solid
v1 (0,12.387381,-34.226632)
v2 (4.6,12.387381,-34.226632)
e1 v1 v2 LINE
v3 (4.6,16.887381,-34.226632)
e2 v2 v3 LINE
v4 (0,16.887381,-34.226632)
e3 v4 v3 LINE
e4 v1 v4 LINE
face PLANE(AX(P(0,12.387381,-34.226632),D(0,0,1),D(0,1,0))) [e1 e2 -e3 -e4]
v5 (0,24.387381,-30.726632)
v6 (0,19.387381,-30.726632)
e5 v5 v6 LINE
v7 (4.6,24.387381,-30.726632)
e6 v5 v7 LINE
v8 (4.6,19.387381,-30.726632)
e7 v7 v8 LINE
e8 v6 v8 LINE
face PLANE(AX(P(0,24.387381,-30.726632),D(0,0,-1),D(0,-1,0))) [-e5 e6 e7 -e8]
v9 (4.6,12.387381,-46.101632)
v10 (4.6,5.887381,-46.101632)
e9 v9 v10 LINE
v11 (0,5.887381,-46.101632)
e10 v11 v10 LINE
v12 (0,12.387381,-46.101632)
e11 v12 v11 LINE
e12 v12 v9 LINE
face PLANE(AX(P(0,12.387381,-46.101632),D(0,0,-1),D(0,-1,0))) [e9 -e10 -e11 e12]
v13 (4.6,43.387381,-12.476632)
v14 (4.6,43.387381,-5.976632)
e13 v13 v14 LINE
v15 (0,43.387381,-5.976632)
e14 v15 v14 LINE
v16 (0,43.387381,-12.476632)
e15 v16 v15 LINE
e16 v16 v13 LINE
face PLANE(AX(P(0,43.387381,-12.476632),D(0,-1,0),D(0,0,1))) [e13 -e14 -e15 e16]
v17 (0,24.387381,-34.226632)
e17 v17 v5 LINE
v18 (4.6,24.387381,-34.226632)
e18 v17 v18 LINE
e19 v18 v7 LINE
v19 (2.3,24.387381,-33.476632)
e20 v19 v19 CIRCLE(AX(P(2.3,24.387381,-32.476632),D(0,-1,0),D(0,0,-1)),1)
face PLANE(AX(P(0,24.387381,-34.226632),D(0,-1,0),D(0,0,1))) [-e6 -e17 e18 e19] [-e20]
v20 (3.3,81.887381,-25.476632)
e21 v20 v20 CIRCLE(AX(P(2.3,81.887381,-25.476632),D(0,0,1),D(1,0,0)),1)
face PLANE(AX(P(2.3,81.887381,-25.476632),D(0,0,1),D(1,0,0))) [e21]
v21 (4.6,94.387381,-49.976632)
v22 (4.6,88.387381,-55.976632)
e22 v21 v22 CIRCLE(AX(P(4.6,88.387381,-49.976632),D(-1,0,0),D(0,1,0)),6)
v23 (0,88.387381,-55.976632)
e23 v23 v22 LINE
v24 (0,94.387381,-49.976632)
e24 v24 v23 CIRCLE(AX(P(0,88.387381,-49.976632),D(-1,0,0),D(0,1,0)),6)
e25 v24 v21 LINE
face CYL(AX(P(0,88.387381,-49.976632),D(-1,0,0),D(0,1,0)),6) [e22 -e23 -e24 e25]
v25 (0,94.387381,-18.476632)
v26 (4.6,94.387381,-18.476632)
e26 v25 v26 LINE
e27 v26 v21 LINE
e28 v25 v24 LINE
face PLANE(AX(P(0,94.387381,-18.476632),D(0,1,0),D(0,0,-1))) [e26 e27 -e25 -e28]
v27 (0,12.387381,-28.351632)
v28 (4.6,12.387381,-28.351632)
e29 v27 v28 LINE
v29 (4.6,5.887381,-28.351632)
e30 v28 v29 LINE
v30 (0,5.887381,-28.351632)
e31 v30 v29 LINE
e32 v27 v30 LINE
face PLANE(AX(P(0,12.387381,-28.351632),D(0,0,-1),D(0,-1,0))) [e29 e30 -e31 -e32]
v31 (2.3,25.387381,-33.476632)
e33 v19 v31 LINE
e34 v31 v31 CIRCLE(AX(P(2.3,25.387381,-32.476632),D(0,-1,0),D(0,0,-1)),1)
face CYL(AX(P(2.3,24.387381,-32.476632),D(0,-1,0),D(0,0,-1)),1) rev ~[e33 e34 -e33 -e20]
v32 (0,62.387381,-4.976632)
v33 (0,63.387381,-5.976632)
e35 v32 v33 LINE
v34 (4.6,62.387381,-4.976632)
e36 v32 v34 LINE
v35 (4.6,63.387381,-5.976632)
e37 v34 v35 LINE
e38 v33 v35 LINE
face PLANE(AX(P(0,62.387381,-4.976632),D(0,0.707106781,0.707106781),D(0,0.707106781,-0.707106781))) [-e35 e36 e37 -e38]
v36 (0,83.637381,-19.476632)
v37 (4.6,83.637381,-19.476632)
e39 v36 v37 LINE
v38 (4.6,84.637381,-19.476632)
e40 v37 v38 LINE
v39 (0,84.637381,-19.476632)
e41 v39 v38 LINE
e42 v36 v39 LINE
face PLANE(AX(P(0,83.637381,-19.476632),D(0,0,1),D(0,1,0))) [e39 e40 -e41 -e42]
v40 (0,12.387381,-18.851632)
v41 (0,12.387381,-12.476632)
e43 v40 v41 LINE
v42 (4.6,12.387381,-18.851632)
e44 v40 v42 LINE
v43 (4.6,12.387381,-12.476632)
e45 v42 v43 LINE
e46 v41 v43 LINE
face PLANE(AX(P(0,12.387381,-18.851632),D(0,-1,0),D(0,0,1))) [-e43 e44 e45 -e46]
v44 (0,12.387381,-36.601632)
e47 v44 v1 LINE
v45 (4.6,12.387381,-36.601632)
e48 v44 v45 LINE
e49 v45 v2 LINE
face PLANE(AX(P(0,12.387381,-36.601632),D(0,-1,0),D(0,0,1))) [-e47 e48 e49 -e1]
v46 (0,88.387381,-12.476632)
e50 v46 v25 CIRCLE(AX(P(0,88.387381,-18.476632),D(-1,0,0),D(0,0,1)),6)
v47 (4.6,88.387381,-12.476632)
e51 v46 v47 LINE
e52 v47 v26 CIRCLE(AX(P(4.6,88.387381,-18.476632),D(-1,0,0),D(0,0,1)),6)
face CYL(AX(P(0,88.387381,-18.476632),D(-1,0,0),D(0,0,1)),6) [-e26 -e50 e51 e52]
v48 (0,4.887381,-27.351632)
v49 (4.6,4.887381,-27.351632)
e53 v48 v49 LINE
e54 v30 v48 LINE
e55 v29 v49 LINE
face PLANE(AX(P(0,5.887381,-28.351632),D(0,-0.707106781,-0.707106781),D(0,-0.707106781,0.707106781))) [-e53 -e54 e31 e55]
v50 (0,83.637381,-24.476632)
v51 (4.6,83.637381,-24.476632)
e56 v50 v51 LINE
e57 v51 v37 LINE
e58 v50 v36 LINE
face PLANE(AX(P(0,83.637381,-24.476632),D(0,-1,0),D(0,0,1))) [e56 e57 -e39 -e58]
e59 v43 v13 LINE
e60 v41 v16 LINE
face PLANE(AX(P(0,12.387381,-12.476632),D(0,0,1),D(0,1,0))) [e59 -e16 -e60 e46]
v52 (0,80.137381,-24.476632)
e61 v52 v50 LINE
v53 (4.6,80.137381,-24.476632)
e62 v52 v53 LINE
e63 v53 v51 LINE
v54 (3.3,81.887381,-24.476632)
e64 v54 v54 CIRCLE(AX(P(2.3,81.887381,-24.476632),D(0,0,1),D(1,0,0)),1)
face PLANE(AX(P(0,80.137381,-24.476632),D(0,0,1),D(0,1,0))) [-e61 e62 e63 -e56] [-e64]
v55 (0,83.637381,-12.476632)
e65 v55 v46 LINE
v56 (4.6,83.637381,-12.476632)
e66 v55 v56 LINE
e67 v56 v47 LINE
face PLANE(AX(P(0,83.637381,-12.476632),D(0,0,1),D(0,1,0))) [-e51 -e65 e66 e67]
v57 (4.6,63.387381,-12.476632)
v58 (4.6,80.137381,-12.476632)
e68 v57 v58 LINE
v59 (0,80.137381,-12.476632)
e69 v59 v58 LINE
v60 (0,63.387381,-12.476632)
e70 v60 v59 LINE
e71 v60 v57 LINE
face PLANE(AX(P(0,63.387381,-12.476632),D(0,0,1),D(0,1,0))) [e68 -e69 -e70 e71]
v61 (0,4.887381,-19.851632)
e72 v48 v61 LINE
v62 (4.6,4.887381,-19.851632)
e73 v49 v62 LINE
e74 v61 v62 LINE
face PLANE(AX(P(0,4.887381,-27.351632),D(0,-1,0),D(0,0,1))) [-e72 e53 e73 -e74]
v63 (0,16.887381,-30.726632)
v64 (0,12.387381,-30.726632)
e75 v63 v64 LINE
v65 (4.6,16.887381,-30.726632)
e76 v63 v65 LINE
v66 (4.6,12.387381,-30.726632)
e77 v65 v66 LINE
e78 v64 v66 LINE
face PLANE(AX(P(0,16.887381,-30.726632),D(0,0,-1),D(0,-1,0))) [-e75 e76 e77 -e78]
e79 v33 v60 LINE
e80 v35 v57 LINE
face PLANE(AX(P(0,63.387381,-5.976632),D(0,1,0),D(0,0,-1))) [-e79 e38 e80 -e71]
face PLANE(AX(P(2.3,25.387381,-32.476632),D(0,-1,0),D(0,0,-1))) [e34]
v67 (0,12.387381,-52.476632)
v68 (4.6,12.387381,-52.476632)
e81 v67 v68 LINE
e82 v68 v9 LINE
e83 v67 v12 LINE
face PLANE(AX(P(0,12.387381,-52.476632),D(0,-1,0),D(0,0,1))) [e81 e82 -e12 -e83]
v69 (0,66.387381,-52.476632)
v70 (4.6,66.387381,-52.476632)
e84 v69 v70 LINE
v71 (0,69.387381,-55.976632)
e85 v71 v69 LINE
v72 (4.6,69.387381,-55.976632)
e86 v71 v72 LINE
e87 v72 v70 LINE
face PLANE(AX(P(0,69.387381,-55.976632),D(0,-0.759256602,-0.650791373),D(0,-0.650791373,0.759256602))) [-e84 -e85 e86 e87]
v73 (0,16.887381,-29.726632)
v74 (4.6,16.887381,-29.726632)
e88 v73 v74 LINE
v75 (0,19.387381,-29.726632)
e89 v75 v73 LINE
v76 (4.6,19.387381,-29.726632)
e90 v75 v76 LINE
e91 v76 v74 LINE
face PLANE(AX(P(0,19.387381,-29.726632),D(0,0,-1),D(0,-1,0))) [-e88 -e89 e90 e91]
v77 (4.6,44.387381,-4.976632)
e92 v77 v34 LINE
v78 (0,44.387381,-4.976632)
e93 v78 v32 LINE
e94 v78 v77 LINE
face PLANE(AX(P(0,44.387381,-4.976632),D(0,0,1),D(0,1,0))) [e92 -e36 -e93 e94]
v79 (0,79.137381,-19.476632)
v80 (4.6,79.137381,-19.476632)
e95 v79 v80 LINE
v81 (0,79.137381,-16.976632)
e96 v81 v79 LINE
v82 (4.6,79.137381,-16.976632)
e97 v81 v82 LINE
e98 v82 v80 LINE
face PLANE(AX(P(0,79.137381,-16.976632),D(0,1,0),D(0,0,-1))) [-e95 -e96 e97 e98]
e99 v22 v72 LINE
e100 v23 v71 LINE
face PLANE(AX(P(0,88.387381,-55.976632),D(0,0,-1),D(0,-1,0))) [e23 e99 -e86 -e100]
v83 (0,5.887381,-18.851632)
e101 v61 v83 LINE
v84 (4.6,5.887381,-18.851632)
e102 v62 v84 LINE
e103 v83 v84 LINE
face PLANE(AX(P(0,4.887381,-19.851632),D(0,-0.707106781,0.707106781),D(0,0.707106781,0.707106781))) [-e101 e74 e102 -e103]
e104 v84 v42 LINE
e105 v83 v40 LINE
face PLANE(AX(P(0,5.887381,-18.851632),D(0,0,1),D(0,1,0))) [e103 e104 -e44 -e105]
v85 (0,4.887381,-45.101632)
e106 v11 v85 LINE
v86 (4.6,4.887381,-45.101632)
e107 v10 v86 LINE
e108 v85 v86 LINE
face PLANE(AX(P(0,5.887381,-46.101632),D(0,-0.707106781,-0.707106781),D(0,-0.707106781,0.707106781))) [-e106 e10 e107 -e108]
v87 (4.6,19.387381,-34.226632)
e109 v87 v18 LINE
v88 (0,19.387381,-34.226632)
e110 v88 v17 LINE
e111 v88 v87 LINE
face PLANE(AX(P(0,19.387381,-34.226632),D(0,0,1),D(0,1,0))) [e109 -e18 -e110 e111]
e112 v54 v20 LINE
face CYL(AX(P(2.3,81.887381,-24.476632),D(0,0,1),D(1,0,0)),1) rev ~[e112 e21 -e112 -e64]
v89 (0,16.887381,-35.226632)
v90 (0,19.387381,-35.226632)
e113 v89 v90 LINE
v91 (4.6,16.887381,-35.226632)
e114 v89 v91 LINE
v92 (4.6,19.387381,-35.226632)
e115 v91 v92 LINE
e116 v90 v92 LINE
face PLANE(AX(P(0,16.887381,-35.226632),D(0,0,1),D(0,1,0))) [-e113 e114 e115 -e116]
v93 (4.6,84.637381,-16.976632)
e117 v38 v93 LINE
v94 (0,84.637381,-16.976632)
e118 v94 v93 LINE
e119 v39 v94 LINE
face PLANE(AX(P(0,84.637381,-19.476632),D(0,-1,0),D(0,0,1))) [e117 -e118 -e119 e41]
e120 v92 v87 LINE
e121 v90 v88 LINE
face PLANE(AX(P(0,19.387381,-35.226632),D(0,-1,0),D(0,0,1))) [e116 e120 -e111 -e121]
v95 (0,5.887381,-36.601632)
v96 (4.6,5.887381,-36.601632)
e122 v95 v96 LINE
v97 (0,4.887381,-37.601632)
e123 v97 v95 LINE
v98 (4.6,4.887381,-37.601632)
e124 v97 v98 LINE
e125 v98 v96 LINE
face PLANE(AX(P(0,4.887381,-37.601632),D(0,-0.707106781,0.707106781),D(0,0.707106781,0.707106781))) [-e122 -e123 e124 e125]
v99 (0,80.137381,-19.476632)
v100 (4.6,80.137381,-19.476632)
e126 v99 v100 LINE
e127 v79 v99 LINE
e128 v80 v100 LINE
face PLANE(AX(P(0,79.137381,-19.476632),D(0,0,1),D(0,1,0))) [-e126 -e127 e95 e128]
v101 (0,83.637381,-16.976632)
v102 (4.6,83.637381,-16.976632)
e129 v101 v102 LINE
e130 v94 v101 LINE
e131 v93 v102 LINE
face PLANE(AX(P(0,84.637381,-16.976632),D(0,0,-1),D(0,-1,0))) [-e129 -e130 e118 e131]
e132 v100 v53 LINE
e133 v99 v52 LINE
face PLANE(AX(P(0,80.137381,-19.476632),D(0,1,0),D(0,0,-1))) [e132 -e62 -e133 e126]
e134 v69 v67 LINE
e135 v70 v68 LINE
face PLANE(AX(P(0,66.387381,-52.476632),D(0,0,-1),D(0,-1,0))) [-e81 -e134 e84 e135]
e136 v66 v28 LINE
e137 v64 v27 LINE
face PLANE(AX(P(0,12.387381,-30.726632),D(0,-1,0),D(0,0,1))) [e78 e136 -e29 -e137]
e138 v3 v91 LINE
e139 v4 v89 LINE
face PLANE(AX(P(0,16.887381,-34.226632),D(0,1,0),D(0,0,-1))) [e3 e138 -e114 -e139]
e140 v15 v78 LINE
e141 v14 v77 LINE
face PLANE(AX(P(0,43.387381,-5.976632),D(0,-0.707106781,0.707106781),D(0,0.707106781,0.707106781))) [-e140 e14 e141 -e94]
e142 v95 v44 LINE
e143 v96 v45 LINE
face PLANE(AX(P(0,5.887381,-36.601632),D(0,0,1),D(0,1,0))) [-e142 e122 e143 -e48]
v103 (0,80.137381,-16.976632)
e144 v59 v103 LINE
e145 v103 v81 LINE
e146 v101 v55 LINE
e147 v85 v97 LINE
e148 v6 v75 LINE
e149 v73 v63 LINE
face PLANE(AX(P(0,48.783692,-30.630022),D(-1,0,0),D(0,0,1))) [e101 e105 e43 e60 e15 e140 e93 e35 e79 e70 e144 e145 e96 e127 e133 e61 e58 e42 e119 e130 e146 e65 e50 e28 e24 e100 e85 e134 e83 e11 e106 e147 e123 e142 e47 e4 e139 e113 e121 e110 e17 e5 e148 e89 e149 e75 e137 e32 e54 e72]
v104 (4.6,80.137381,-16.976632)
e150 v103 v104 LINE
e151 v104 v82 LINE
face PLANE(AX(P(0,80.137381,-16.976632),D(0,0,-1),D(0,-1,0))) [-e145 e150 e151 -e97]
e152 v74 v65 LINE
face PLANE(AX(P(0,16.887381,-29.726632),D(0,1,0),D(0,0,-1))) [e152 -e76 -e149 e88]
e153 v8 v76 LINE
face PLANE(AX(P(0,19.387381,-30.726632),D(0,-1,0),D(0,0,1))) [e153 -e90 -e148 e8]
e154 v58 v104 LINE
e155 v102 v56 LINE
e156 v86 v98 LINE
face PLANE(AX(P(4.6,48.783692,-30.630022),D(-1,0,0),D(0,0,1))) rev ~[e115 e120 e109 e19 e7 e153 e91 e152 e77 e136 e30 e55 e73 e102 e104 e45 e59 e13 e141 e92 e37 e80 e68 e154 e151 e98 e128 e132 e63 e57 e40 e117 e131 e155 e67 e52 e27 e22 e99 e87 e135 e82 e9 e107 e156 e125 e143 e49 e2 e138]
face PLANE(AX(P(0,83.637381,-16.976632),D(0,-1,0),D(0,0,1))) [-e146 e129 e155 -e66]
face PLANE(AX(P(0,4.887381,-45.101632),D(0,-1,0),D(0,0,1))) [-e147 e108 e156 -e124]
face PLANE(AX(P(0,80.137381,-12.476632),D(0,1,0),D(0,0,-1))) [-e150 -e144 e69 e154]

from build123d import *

# Parameters (mm, degrees)
EXTRUDE1_DEPTH = 4.6
SKETCH2_R      = 1
EXTRUDE2_DEPTH = 1
SKETCH3_R      = 1
EXTRUDE3_DEPTH = 1


with BuildPart() as part:
    # Sketch1 → Extrude1 (new body)
    with BuildSketch(Plane(origin=(0, 0, 0), x_dir=(0, 0, -1), z_dir=(1, 0, 0))):
        with BuildLine():
            Line((28.351631804, 12.38738065), (28.351631804, 5.88738065))
            Line((28.351631804, 5.88738065), (27.351631804, 4.88738065))
            Line((27.351631804, 4.88738065), (19.851631804, 4.88738065))
            Line((19.851631804, 4.88738065), (18.851631804, 5.88738065))
            Line((18.851631804, 5.88738065), (18.851631804, 12.38738065))
            Line((18.851631804, 12.38738065), (12.476631804, 12.38738065))
            Line((12.476631804, 12.38738065), (12.476631804, 43.38738065))
            Line((12.476631804, 43.38738065), (5.976631804, 43.38738065))
            Line((5.976631804, 43.38738065), (4.976631804, 44.38738065))
            Line((4.976631804, 44.38738065), (4.976631804, 62.38738065))
            Line((4.976631804, 62.38738065), (5.976631804, 63.38738065))
            Line((5.976631804, 63.38738065), (12.476631804, 63.38738065))
            Line((12.476631804, 63.38738065), (12.476631804, 80.13738065))
            Line((12.476631804, 80.13738065), (16.976631804, 80.13738065))
            Line((16.976631804, 80.13738065), (16.976631804, 79.13738065))
            Line((16.976631804, 79.13738065), (19.476631804, 79.13738065))
            Line((19.476631804, 79.13738065), (19.476631804, 80.13738065))
            Line((19.476631804, 80.13738065), (24.476631804, 80.13738065))
            Line((24.476631804, 80.13738065), (24.476631804, 83.63738065))
            Line((24.476631804, 83.63738065), (19.476631804, 83.63738065))
            Line((19.476631804, 83.63738065), (19.476631804, 84.63738065))
            Line((19.476631804, 84.63738065), (16.976631804, 84.63738065))
            Line((16.976631804, 84.63738065), (16.976631804, 83.63738065))
            Line((16.976631804, 83.63738065), (12.476631804, 83.63738065))
            Line((12.476631804, 83.63738065), (12.476631804, 88.38738065))
            ThreePointArc((12.476631804, 88.38738065), (14.233991117, 92.630021337), (18.476631804, 94.38738065))
            Line((18.476631804, 94.38738065), (49.976631804, 94.38738065))
            ThreePointArc((49.976631804, 94.38738065), (54.219272491, 92.630021337), (55.976631804, 88.38738065))
            Line((55.976631804, 88.38738065), (55.976631804, 69.38738065))
            Line((55.976631804, 69.38738065), (52.476631804, 66.38738065))
            Line((52.476631804, 66.38738065), (52.476631804, 12.38738065))
            Line((52.476631804, 12.38738065), (46.101631804, 12.38738065))
            Line((46.101631804, 12.38738065), (46.101631804, 5.88738065))
            Line((46.101631804, 5.88738065), (45.101631804, 4.88738065))
            Line((45.101631804, 4.88738065), (37.601631804, 4.88738065))
            Line((37.601631804, 4.88738065), (36.601631804, 5.88738065))
            Line((36.601631804, 5.88738065), (36.601631804, 12.38738065))
            Line((36.601631804, 12.38738065), (34.226631804, 12.38738065))
            Line((34.226631804, 12.38738065), (34.226631804, 16.88738065))
            Line((34.226631804, 16.88738065), (35.226631804, 16.88738065))
            Line((35.226631804, 16.88738065), (35.226631804, 19.38738065))
            Line((35.226631804, 19.38738065), (34.226631804, 19.38738065))
            Line((34.226631804, 19.38738065), (34.226631804, 24.38738065))
            Line((34.226631804, 24.38738065), (30.726631804, 24.38738065))
            Line((30.726631804, 24.38738065), (30.726631804, 19.38738065))
            Line((30.726631804, 19.38738065), (29.726631804, 19.38738065))
            Line((29.726631804, 19.38738065), (29.726631804, 16.88738065))
            Line((29.726631804, 16.88738065), (30.726631804, 16.88738065))
            Line((30.726631804, 16.88738065), (30.726631804, 12.38738065))
            Line((30.726631804, 12.38738065), (28.351631804, 12.38738065))
        make_face()
    extrude(amount=EXTRUDE1_DEPTH)

    # Sketch2 → Extrude2 (cut)
    with BuildSketch(Plane.XY.offset(-24.476631804)):
        with Locations((2.3, 81.88738065)):
            Circle(SKETCH2_R)
    extrude(amount=-EXTRUDE2_DEPTH, mode=Mode.SUBTRACT)

    # Sketch3 → Extrude3 (cut)
    with BuildSketch(Plane.XZ.offset(-24.38738065)):
        with Locations(Location((2.3, -32.476631804, 0), (0, 0, 270))):
            Circle(SKETCH3_R)
    extrude(amount=-EXTRUDE3_DEPTH, mode=Mode.SUBTRACT)


solid = part.part
